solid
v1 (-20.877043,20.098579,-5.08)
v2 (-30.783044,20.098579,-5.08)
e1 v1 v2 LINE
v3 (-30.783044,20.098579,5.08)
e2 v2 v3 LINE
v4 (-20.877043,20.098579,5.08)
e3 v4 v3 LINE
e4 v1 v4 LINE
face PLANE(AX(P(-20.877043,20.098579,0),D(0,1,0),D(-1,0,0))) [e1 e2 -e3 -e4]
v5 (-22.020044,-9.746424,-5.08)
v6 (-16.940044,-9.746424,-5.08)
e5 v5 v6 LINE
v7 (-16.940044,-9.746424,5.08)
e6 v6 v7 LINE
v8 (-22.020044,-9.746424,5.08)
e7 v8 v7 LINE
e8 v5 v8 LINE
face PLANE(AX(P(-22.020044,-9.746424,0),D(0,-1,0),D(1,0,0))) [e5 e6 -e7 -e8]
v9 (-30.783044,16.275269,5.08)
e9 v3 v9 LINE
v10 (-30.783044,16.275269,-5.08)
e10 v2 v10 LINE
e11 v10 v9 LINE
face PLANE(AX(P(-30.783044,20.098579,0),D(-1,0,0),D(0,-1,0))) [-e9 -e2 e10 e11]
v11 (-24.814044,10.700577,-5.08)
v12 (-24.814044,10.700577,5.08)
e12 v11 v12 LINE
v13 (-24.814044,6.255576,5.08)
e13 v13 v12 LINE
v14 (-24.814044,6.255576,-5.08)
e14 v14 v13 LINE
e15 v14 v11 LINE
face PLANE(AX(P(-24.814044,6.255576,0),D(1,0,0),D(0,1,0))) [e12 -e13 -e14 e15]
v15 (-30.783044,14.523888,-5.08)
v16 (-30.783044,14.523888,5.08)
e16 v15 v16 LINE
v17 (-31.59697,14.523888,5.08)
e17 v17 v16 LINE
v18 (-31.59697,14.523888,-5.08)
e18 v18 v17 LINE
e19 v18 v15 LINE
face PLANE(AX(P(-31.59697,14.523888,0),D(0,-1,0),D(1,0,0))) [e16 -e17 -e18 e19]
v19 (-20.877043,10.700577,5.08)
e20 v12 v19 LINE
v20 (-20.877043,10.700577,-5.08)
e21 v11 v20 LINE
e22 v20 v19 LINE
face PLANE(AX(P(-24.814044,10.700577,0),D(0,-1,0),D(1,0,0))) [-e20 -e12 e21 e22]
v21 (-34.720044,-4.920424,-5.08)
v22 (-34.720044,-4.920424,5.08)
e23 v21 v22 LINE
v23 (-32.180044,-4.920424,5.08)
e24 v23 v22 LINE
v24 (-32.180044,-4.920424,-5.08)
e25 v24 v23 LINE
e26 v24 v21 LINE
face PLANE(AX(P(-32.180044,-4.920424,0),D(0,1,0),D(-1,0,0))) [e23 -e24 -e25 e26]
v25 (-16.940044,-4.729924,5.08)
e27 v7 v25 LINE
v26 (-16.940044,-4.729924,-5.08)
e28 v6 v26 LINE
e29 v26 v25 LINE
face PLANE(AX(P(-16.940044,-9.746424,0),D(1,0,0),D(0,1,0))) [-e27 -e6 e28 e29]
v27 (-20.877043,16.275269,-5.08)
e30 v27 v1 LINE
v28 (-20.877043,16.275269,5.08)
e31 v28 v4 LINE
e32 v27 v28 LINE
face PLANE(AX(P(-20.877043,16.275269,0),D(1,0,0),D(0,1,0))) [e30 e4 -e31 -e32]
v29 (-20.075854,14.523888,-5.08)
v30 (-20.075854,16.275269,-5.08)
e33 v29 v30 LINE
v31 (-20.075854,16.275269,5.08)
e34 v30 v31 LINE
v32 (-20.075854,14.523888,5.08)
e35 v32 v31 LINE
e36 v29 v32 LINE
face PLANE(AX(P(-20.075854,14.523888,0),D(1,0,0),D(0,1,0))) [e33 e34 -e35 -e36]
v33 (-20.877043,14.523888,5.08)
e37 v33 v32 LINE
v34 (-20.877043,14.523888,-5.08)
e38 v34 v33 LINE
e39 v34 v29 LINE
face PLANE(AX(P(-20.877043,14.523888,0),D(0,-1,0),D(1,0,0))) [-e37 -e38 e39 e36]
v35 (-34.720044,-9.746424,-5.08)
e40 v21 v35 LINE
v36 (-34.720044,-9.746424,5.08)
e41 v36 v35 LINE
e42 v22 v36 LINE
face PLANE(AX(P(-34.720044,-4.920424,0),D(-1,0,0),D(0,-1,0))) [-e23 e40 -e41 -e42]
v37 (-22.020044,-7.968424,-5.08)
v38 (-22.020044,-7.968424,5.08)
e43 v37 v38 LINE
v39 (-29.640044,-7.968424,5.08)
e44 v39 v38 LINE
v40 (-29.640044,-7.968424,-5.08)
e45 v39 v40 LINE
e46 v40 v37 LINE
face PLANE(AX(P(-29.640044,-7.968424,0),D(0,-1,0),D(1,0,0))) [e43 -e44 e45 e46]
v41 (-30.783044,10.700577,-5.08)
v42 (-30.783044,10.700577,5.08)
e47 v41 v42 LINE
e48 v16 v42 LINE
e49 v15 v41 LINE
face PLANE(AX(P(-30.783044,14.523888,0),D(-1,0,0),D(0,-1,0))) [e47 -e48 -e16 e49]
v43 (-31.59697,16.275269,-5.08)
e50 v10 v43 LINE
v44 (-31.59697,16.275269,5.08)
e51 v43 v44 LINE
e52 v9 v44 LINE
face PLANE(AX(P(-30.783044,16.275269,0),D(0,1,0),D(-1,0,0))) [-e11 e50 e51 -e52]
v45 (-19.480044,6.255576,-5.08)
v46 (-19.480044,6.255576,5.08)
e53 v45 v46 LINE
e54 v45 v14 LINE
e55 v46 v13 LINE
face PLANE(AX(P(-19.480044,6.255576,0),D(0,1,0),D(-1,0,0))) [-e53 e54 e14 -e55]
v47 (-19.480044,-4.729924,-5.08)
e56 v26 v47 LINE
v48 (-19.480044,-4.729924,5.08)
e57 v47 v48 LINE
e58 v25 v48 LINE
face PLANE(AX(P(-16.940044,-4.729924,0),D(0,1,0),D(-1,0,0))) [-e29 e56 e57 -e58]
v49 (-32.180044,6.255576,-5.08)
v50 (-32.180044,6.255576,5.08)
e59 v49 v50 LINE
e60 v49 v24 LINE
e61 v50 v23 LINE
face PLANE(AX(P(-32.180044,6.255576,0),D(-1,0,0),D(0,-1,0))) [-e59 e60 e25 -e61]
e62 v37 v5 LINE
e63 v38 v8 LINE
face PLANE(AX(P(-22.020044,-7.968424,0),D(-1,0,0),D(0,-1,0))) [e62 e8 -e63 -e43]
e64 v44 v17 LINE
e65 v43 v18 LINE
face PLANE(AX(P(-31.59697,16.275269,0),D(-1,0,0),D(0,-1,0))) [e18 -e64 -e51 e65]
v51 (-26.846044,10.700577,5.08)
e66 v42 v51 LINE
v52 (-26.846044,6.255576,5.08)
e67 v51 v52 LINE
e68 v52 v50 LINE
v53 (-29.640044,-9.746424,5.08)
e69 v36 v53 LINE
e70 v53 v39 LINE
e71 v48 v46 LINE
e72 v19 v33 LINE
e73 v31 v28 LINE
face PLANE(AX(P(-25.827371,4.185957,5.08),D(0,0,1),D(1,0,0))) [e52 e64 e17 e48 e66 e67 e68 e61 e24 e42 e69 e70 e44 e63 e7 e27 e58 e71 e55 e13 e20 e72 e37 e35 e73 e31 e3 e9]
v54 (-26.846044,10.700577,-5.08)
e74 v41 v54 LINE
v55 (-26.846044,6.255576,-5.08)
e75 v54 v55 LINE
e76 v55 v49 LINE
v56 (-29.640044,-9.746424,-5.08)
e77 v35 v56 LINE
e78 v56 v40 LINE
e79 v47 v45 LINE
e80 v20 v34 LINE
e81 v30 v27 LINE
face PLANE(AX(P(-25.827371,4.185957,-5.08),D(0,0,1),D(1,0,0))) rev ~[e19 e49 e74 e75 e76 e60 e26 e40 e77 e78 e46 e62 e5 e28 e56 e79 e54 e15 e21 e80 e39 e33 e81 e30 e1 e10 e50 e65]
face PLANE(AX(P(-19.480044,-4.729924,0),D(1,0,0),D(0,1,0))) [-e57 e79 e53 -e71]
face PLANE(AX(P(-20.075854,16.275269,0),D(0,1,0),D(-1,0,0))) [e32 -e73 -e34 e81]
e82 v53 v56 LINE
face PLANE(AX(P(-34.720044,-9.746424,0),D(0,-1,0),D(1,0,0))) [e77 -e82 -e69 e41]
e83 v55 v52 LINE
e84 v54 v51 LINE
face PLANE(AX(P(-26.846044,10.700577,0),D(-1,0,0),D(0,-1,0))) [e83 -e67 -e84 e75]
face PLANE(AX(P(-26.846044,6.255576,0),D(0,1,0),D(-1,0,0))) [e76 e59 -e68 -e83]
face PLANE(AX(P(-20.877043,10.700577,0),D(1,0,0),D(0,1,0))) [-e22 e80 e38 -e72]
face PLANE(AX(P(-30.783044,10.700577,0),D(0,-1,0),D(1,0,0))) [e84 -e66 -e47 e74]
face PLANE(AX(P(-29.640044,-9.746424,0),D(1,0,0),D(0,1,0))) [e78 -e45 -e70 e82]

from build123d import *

# Parameters (mm, degrees)
F1_DEPTH = 5.08


with BuildPart() as f1:
    # F0 (on Top) → F1 (new body, symmetric)
    with BuildSketch(Plane.XY):
        Polygon((-29.640044, -7.968424), (-22.020044, -7.968424), (-22.020044, -9.746424), (-16.940044, -9.746424), (-16.940044, -4.729924), (-19.480044, -4.729924), (-19.480044, 6.255576), (-24.814044, 6.255576), (-24.814044, 10.700577), (-20.877043, 10.700577), (-20.877043, 14.523888), (-20.075854, 14.523888), (-20.075854, 16.275269), (-20.877043, 16.275269), (-20.877043, 20.098579), (-30.783044, 20.098579), (-30.783044, 16.275269), (-31.59697, 16.275269), (-31.59697, 14.523888), (-30.783044, 14.523888), (-30.783044, 10.700577), (-26.846044, 10.700577), (-26.846044, 6.255576), (-32.180044, 6.255576), (-32.180044, -4.920424), (-34.720044, -4.920424), (-34.720044, -9.746424), (-29.640044, -9.746424), align=None)
    extrude(amount=F1_DEPTH, both=True)


solid = f1.part
